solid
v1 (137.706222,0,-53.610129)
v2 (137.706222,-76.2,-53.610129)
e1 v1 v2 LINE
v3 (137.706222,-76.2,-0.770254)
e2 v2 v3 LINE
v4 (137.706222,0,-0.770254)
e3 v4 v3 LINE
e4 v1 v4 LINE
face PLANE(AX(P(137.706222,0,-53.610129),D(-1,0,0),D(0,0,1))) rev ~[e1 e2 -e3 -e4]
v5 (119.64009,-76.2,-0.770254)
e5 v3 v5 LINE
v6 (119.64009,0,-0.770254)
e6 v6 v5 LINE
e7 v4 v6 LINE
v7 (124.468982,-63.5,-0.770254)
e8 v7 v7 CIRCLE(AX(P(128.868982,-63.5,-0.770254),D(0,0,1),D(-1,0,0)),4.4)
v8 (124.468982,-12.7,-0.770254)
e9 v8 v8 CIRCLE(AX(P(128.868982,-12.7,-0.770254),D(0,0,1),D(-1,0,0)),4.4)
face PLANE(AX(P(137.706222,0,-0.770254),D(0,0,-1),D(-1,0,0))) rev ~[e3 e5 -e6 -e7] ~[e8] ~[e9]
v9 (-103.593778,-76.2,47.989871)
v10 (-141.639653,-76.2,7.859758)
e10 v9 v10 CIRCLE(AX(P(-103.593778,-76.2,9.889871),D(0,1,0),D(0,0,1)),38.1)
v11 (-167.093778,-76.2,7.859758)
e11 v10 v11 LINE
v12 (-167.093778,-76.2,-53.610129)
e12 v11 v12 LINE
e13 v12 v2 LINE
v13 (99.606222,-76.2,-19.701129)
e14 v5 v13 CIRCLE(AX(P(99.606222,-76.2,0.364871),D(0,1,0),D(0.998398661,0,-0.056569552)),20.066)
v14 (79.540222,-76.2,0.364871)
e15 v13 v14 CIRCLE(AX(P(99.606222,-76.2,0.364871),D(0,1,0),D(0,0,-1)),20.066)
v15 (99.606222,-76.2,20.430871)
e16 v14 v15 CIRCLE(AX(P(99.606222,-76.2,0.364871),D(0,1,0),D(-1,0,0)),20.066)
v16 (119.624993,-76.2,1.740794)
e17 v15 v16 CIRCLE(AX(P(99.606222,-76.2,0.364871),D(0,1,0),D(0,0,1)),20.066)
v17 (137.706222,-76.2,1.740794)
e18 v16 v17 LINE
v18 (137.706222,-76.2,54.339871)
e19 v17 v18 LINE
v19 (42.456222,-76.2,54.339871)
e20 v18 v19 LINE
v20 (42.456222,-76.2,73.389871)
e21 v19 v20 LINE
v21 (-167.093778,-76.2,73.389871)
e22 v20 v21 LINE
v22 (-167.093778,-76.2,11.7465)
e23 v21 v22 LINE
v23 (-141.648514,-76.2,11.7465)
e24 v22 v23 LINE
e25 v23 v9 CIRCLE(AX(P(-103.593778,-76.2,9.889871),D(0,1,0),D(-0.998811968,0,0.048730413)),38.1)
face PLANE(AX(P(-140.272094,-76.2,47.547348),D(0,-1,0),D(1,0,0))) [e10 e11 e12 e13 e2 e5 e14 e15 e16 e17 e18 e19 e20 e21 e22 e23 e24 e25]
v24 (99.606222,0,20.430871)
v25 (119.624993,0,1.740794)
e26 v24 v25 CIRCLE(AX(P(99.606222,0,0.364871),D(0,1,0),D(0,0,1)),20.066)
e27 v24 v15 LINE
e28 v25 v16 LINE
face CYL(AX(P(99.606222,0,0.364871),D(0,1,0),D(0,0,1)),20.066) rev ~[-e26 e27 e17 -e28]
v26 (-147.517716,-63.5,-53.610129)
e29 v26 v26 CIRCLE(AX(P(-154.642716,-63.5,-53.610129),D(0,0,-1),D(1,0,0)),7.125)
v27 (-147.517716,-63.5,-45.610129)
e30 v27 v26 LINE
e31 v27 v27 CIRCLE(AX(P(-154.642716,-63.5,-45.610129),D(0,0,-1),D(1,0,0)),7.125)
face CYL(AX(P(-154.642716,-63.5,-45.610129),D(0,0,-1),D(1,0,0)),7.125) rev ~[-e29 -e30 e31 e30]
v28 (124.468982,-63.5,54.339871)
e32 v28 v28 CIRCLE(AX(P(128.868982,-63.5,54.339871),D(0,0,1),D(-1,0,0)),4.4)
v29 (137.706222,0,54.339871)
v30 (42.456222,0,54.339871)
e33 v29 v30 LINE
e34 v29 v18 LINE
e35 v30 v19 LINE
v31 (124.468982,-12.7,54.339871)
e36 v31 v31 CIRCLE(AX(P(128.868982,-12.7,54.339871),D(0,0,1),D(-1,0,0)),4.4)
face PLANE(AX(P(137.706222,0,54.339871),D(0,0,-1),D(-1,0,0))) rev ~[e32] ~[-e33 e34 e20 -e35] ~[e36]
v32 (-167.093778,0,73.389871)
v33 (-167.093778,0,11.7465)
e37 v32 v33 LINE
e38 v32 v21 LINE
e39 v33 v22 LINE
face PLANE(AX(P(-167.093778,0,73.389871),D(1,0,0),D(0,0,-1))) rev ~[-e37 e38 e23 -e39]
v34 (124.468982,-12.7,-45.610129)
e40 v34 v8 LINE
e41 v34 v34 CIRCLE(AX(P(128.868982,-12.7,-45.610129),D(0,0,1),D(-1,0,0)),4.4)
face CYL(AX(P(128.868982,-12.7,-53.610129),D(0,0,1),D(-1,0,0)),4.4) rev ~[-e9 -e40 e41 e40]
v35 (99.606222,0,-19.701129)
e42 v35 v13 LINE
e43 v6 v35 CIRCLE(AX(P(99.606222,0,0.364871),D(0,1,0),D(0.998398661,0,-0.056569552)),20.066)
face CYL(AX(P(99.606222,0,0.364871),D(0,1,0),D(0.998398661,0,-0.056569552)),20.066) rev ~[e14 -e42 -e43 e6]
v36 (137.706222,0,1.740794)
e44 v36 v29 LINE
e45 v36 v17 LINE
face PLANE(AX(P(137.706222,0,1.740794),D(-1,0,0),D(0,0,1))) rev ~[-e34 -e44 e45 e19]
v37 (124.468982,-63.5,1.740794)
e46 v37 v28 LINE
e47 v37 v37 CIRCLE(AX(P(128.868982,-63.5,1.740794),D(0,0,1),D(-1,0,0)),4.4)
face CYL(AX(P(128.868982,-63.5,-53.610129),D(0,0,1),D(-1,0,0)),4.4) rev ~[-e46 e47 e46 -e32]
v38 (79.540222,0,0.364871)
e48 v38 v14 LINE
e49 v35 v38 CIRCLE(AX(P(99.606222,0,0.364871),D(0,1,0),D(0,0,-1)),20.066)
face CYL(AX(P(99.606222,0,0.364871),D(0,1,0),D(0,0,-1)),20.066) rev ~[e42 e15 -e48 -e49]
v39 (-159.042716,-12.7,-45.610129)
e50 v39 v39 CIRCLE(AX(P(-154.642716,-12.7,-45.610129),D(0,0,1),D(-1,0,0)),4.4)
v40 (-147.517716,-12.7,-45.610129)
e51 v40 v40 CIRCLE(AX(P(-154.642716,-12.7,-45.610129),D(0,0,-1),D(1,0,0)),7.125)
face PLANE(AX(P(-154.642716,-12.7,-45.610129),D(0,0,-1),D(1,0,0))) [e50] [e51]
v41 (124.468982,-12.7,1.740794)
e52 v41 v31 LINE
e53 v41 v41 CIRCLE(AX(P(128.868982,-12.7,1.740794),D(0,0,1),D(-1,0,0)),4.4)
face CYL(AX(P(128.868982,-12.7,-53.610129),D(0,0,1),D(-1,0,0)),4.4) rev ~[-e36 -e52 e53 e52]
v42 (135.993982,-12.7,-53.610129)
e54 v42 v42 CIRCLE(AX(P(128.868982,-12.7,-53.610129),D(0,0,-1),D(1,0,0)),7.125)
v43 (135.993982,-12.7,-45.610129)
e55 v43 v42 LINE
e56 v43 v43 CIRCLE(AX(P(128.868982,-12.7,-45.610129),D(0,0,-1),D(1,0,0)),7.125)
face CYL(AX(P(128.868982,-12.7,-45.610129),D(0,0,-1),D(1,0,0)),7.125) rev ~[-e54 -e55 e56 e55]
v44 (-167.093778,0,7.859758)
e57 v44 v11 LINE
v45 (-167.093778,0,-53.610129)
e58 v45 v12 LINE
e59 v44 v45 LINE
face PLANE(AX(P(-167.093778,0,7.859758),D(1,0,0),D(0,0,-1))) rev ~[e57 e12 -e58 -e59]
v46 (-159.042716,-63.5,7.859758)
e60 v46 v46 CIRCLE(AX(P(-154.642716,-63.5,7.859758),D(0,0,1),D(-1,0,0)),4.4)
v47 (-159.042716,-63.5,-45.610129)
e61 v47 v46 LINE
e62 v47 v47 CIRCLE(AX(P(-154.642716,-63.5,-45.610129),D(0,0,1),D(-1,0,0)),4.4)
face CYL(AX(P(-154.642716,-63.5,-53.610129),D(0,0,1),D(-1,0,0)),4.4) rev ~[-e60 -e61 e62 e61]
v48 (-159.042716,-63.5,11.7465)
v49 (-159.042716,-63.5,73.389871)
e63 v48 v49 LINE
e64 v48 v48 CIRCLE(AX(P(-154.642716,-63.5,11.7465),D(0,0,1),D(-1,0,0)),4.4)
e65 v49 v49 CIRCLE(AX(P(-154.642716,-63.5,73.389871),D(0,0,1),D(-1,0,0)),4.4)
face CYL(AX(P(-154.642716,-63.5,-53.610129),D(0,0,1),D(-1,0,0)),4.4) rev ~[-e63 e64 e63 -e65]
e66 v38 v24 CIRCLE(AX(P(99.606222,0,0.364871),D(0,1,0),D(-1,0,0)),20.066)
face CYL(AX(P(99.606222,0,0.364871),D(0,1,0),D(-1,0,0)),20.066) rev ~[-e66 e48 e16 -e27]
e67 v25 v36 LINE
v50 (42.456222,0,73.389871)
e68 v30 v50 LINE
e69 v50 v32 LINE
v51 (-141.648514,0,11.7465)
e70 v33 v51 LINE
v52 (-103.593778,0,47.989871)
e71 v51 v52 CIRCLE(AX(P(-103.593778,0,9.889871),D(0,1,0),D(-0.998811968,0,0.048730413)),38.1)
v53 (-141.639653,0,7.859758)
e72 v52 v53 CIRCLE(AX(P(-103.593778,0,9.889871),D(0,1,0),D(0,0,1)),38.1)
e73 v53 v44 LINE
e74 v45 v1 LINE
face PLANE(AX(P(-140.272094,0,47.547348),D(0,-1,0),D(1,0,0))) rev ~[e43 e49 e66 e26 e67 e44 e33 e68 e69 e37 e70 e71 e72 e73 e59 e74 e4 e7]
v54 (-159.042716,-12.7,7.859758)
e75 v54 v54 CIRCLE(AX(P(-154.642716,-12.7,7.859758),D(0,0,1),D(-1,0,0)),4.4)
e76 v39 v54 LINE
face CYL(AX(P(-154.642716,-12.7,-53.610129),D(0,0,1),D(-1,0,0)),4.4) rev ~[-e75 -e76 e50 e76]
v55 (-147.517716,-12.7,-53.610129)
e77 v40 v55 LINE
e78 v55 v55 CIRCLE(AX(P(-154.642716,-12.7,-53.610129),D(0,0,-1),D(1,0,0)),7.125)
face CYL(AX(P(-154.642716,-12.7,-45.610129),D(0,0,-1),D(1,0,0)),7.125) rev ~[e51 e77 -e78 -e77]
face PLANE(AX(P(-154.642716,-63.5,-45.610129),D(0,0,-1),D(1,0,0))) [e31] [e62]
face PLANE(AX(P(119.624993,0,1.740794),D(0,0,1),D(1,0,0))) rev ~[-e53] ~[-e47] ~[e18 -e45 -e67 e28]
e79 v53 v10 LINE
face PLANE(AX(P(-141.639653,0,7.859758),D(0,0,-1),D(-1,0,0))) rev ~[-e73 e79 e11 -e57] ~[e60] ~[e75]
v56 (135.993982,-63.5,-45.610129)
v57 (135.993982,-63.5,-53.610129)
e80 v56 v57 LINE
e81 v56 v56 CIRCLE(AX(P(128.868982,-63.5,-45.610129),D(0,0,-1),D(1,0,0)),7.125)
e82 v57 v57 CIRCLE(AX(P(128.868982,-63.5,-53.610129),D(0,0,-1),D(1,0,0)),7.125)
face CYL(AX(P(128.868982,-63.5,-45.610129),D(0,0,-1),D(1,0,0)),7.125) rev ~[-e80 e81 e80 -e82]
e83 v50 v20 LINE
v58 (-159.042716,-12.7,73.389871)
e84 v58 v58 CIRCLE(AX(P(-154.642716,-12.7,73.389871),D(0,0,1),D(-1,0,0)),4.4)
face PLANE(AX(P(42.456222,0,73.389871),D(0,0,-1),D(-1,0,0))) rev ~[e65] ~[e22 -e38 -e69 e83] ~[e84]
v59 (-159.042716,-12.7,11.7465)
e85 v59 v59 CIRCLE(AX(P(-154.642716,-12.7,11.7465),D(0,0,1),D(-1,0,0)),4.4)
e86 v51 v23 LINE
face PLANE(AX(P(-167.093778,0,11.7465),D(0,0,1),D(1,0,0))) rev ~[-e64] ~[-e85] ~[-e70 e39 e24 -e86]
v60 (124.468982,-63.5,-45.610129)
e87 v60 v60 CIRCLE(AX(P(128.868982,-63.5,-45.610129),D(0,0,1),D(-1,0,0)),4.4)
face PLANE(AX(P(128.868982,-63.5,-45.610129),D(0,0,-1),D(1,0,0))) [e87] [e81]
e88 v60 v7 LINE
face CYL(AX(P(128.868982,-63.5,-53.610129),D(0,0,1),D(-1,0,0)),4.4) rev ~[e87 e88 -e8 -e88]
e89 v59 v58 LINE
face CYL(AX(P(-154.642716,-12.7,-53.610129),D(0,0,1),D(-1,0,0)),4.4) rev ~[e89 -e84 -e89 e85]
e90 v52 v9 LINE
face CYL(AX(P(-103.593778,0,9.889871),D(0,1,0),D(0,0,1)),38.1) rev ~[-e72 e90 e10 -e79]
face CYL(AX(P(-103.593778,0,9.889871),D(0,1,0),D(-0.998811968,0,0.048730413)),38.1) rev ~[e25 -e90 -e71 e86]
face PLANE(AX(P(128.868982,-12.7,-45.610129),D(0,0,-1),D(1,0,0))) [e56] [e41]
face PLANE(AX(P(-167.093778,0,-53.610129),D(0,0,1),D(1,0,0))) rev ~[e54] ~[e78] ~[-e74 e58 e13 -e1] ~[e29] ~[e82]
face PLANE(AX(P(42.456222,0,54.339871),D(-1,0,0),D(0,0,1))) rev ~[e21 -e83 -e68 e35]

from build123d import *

# Parameters (mm, degrees)
F1_DEPTH       = 76.2
F3_D           = 8.8
F3_CBORE_D     = 14.25
F3_CBORE_DEPTH = 8


with BuildPart() as f1:
    # F0 (on Front) → F1 (new body)
    with BuildSketch(Plane.XZ):
        with BuildLine():
            Line((-103.5937780082, 73.3898709684), (-167.0937780082, 73.3898709684))
            Line((-167.0937780082, 73.3898709684), (-167.0937780082, 11.7464996874))
            Line((-167.0937780082, 11.7464996874), (-141.6485139789, 11.7464996874))
            ThreePointArc((-141.6485139789, 11.7464996874), (-129.8699311305, 37.4792489443), (-103.5937780082, 47.9898709684))
            Line((-103.5937780082, 47.9898709684), (-103.5937780082, 73.3898709684))
        make_face()
        with BuildLine():
            Line((42.4562219918, 73.3898709684), (-103.5937780082, 73.3898709684))
            Line((-103.5937780082, 73.3898709684), (-103.5937780082, 47.9898709684))
            ThreePointArc((-103.5937780082, 47.9898709684), (-65.4937780082, 9.8898709684), (-103.5937780082, -28.2101290316))
            Line((-103.5937780082, -28.2101290316), (-103.5937780082, -53.6101290316))
            Line((-103.5937780082, -53.6101290316), (99.6062219918, -53.6101290316))
            Line((99.6062219918, -53.6101290316), (99.6062219918, -19.7011290316))
            ThreePointArc((99.6062219918, -19.7011290316), (85.4174173205, -13.8239337029), (79.5402219918, 0.3648709684))
            ThreePointArc((79.5402219918, 0.3648709684), (85.4174173205, 14.5536756397), (99.6062219918, 20.4308709684))
            Line((99.6062219918, 20.4308709684), (99.6062219918, 54.3398709684))
            Line((99.6062219918, 54.3398709684), (42.4562219918, 54.3398709684))
            Line((42.4562219918, 54.3398709684), (42.4562219918, 73.3898709684))
        make_face()
        with BuildLine():
            Line((-103.5937780082, -53.6101290316), (-103.5937780082, -28.2101290316))
            ThreePointArc((-103.5937780082, -28.2101290316), (-129.8069683879, -17.7593360748), (-141.6396534975, 7.8597581014))
            Line((-141.6396534975, 7.8597581014), (-167.0937780082, 7.8597581014))
            Line((-167.0937780082, 7.8597581014), (-167.0937780082, -53.6101290316))
            Line((-167.0937780082, -53.6101290316), (-103.5937780082, -53.6101290316))
        make_face()
        with BuildLine():
            Line((137.7062219918, 54.3398709684), (99.6062219918, 54.3398709684))
            Line((99.6062219918, 54.3398709684), (99.6062219918, 20.4308709684))
            ThreePointArc((99.6062219918, 20.4308709684), (113.2999265767, 15.03207284), (119.6249929991, 1.7407936975))
            Line((119.6249929991, 1.7407936975), (137.7062219918, 1.7407936975))
            Line((137.7062219918, 1.7407936975), (137.7062219918, 54.3398709684))
        make_face()
        with BuildLine():
            Line((99.6062219918, -19.7011290316), (99.6062219918, -53.6101290316))
            Line((99.6062219918, -53.6101290316), (137.7062219918, -53.6101290316))
            Line((137.7062219918, -53.6101290316), (137.7062219918, -0.7702536532))
            Line((137.7062219918, -0.7702536532), (119.6400895189, -0.7702536532))
            ThreePointArc((119.6400895189, -0.7702536532), (113.3878573327, -14.2197402135), (99.6062219918, -19.7011290316))
        make_face()
    extrude(amount=F1_DEPTH)

    # F3 (through all)
    with Locations(Plane(origin=(0, 0, -53.6101290316), x_dir=(1, 0, 0), z_dir=(0, 0, -1))):
        with Locations((-154.6427160501, 63.5), (128.8689821959, 63.5), (128.8689821959, 12.7), (-154.6427160501, 12.7)):
            CounterBoreHole(F3_D / 2, F3_CBORE_D / 2, F3_CBORE_DEPTH)


solid = f1.part
